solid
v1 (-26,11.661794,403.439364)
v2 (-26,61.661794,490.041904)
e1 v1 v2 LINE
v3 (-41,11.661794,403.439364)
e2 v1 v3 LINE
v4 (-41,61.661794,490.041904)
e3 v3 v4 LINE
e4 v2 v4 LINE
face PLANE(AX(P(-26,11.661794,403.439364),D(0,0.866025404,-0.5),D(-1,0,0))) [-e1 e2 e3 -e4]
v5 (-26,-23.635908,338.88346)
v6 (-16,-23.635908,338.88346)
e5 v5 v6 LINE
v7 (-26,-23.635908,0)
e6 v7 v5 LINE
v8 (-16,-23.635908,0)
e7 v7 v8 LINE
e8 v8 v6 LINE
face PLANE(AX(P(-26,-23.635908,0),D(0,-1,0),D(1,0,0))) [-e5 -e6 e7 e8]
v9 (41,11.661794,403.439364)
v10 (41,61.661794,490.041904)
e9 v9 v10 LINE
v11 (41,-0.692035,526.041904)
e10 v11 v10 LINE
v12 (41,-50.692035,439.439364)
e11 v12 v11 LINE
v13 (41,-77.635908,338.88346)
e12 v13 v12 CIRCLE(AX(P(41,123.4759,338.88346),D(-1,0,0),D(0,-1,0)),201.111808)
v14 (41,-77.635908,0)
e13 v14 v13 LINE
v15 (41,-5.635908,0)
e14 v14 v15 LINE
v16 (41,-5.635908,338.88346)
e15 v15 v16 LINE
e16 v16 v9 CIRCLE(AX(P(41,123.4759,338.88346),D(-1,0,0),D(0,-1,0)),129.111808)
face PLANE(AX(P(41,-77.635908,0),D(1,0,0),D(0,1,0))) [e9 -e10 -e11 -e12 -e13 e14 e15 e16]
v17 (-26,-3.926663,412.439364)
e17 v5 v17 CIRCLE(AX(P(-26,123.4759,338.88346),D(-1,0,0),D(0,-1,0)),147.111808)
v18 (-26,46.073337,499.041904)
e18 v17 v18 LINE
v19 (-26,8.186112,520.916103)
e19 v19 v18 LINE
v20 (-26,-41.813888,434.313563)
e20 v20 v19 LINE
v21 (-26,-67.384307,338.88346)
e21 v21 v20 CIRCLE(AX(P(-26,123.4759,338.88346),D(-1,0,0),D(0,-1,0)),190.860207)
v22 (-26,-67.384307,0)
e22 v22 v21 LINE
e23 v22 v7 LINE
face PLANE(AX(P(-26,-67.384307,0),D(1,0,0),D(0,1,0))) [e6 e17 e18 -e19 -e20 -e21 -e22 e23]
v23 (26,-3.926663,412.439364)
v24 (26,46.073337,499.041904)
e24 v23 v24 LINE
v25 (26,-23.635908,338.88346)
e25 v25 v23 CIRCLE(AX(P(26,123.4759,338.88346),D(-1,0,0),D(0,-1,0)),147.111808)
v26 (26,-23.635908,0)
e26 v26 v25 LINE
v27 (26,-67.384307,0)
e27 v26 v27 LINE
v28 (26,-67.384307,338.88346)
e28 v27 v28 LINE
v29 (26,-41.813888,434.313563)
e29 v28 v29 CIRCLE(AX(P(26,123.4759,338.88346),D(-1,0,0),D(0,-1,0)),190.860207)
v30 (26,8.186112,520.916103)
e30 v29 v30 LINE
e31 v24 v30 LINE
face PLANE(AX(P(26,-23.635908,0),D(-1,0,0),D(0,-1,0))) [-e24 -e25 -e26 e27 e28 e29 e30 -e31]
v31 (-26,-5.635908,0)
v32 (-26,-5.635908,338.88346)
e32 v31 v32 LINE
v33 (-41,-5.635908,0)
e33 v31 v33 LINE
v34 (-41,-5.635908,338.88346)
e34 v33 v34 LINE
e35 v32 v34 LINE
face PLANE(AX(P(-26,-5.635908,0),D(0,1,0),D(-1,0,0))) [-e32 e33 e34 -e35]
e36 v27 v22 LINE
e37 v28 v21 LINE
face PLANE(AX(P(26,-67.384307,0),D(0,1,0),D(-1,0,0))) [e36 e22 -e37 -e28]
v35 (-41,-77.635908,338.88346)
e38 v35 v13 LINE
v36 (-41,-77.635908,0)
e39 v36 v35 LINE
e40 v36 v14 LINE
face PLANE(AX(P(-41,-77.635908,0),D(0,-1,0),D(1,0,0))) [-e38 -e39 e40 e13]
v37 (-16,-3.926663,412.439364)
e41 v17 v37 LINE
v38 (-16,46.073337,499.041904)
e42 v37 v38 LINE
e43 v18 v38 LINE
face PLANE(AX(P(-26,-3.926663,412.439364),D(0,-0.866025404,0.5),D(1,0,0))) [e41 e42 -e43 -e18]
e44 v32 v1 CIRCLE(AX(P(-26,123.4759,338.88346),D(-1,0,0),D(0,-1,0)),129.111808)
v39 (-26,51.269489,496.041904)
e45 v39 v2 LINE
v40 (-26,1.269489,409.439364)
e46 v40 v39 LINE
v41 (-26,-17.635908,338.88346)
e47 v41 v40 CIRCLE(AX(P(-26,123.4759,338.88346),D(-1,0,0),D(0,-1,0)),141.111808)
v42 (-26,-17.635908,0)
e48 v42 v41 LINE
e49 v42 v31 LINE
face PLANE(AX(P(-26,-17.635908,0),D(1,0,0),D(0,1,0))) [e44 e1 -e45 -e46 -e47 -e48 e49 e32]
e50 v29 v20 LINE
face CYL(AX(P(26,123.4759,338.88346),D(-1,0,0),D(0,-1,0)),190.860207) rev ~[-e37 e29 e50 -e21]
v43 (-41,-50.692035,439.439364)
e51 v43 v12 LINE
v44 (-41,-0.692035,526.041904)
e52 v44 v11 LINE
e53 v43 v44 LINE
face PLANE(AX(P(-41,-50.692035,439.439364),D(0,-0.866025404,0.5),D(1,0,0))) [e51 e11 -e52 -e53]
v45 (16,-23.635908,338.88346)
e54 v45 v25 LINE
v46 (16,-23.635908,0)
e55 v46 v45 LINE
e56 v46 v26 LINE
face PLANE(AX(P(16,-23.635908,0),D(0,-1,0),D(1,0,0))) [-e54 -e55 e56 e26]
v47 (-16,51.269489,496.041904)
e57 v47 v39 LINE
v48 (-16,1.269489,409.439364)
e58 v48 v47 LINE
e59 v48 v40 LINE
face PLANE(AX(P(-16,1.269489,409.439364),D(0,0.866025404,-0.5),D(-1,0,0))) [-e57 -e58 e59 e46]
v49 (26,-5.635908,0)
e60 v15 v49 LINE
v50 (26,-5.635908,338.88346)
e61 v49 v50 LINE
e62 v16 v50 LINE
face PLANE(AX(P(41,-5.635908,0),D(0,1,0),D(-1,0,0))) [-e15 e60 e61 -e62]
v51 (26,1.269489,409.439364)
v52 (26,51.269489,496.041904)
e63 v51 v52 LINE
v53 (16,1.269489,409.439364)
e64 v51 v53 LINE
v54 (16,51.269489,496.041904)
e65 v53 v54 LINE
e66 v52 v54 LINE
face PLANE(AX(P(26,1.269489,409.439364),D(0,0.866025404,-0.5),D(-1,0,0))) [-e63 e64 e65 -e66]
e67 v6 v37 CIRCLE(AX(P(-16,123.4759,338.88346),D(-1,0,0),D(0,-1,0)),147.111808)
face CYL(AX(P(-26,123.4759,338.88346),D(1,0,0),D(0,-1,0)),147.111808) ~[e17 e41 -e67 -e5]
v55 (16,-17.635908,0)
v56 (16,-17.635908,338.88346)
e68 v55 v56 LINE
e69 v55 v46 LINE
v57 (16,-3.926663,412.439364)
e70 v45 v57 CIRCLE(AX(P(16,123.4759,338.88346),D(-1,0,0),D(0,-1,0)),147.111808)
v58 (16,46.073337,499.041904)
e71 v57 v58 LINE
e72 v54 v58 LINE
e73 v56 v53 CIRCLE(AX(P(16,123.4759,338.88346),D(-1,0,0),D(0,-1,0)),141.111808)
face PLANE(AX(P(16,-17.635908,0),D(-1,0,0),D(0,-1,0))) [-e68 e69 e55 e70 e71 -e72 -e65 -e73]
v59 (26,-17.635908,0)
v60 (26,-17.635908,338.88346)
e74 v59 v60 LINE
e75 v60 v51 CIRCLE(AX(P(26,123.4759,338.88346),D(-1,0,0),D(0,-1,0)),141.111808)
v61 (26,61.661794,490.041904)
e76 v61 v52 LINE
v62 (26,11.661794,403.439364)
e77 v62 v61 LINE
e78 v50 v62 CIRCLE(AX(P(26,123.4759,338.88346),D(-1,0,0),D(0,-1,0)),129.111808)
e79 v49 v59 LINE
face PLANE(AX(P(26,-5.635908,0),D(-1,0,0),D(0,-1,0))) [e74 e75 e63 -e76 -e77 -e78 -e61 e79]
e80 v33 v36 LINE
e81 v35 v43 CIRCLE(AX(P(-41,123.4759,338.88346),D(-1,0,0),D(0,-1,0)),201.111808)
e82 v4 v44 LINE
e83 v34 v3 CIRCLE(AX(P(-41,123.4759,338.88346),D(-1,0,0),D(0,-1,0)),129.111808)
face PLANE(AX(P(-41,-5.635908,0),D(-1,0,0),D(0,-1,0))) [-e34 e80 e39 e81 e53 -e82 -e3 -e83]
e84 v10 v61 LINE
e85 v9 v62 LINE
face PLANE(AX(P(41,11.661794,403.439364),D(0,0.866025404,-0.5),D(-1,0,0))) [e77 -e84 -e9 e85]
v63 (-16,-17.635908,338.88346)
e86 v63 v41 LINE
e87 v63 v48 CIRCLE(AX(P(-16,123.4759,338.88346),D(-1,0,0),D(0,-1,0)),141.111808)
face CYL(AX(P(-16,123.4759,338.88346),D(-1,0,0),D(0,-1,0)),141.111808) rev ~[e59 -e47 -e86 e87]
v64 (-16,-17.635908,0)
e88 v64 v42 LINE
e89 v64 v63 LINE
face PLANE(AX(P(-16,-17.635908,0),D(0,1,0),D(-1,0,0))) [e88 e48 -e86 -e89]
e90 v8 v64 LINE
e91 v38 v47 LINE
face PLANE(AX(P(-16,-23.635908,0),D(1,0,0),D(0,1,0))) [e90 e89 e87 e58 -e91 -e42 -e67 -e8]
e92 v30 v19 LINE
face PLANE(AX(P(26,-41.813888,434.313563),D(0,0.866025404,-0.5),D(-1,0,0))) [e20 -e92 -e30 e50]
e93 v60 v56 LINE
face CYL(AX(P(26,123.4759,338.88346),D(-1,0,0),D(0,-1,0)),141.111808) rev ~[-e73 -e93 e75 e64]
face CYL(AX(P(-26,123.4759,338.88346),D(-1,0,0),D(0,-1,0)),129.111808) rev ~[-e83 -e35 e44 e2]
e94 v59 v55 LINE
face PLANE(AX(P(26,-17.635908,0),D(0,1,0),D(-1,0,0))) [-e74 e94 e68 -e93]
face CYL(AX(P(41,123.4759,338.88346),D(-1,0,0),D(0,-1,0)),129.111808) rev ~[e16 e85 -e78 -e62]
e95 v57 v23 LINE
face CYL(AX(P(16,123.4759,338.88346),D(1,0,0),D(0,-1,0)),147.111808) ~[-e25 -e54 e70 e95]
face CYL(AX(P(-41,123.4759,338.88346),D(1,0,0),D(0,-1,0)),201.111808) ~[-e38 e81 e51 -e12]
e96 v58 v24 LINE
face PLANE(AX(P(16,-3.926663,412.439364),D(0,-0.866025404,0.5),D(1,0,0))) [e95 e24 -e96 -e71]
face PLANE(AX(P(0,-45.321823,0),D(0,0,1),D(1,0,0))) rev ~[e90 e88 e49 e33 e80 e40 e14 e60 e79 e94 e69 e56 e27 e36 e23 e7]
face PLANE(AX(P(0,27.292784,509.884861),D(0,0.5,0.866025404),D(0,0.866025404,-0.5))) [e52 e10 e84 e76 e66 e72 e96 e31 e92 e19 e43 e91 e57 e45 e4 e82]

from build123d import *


with BuildPart() as part:
    # 扫描2: sweep along a path in 草图3
    with BuildLine(Plane(origin=(0, 0, 0), x_dir=(0, 0, -1), z_dir=(1, 0, 0))) as sweep_2_path:
        Line((0, -36.524100396), (-338.88345961, -36.524100396))
        ThreePointArc((-338.88345961, -36.524100396), (-380.294506826, -31.072232602), (-418.88345961, -15.088165001))
        Line((-418.88345961, -15.088165001), (-505.485999988, 34.911834999))
    # 草图2 → 扫描2 (sweep)
    with BuildSketch(Plane.XY):
        Polygon((-41, -55.412292473), (-41, -77.635908318), (41, -77.635908318), (41, -55.412292473), (41, -17.635908318), (41, -5.635908318), (26, -5.635908318), (26, -17.635908318), (16, -17.635908318), (16, -23.635908318), (26, -23.635908318), (26, -67.384306902), (-26, -67.384306902), (-26, -23.635908318), (-16, -23.635908318), (-16, -17.635908318), (-26, -17.635908318), (-26, -5.635908318), (-41, -5.635908318), (-41, -17.635908318), align=None)
    sweep(path=sweep_2_path.line)


solid = part.part
